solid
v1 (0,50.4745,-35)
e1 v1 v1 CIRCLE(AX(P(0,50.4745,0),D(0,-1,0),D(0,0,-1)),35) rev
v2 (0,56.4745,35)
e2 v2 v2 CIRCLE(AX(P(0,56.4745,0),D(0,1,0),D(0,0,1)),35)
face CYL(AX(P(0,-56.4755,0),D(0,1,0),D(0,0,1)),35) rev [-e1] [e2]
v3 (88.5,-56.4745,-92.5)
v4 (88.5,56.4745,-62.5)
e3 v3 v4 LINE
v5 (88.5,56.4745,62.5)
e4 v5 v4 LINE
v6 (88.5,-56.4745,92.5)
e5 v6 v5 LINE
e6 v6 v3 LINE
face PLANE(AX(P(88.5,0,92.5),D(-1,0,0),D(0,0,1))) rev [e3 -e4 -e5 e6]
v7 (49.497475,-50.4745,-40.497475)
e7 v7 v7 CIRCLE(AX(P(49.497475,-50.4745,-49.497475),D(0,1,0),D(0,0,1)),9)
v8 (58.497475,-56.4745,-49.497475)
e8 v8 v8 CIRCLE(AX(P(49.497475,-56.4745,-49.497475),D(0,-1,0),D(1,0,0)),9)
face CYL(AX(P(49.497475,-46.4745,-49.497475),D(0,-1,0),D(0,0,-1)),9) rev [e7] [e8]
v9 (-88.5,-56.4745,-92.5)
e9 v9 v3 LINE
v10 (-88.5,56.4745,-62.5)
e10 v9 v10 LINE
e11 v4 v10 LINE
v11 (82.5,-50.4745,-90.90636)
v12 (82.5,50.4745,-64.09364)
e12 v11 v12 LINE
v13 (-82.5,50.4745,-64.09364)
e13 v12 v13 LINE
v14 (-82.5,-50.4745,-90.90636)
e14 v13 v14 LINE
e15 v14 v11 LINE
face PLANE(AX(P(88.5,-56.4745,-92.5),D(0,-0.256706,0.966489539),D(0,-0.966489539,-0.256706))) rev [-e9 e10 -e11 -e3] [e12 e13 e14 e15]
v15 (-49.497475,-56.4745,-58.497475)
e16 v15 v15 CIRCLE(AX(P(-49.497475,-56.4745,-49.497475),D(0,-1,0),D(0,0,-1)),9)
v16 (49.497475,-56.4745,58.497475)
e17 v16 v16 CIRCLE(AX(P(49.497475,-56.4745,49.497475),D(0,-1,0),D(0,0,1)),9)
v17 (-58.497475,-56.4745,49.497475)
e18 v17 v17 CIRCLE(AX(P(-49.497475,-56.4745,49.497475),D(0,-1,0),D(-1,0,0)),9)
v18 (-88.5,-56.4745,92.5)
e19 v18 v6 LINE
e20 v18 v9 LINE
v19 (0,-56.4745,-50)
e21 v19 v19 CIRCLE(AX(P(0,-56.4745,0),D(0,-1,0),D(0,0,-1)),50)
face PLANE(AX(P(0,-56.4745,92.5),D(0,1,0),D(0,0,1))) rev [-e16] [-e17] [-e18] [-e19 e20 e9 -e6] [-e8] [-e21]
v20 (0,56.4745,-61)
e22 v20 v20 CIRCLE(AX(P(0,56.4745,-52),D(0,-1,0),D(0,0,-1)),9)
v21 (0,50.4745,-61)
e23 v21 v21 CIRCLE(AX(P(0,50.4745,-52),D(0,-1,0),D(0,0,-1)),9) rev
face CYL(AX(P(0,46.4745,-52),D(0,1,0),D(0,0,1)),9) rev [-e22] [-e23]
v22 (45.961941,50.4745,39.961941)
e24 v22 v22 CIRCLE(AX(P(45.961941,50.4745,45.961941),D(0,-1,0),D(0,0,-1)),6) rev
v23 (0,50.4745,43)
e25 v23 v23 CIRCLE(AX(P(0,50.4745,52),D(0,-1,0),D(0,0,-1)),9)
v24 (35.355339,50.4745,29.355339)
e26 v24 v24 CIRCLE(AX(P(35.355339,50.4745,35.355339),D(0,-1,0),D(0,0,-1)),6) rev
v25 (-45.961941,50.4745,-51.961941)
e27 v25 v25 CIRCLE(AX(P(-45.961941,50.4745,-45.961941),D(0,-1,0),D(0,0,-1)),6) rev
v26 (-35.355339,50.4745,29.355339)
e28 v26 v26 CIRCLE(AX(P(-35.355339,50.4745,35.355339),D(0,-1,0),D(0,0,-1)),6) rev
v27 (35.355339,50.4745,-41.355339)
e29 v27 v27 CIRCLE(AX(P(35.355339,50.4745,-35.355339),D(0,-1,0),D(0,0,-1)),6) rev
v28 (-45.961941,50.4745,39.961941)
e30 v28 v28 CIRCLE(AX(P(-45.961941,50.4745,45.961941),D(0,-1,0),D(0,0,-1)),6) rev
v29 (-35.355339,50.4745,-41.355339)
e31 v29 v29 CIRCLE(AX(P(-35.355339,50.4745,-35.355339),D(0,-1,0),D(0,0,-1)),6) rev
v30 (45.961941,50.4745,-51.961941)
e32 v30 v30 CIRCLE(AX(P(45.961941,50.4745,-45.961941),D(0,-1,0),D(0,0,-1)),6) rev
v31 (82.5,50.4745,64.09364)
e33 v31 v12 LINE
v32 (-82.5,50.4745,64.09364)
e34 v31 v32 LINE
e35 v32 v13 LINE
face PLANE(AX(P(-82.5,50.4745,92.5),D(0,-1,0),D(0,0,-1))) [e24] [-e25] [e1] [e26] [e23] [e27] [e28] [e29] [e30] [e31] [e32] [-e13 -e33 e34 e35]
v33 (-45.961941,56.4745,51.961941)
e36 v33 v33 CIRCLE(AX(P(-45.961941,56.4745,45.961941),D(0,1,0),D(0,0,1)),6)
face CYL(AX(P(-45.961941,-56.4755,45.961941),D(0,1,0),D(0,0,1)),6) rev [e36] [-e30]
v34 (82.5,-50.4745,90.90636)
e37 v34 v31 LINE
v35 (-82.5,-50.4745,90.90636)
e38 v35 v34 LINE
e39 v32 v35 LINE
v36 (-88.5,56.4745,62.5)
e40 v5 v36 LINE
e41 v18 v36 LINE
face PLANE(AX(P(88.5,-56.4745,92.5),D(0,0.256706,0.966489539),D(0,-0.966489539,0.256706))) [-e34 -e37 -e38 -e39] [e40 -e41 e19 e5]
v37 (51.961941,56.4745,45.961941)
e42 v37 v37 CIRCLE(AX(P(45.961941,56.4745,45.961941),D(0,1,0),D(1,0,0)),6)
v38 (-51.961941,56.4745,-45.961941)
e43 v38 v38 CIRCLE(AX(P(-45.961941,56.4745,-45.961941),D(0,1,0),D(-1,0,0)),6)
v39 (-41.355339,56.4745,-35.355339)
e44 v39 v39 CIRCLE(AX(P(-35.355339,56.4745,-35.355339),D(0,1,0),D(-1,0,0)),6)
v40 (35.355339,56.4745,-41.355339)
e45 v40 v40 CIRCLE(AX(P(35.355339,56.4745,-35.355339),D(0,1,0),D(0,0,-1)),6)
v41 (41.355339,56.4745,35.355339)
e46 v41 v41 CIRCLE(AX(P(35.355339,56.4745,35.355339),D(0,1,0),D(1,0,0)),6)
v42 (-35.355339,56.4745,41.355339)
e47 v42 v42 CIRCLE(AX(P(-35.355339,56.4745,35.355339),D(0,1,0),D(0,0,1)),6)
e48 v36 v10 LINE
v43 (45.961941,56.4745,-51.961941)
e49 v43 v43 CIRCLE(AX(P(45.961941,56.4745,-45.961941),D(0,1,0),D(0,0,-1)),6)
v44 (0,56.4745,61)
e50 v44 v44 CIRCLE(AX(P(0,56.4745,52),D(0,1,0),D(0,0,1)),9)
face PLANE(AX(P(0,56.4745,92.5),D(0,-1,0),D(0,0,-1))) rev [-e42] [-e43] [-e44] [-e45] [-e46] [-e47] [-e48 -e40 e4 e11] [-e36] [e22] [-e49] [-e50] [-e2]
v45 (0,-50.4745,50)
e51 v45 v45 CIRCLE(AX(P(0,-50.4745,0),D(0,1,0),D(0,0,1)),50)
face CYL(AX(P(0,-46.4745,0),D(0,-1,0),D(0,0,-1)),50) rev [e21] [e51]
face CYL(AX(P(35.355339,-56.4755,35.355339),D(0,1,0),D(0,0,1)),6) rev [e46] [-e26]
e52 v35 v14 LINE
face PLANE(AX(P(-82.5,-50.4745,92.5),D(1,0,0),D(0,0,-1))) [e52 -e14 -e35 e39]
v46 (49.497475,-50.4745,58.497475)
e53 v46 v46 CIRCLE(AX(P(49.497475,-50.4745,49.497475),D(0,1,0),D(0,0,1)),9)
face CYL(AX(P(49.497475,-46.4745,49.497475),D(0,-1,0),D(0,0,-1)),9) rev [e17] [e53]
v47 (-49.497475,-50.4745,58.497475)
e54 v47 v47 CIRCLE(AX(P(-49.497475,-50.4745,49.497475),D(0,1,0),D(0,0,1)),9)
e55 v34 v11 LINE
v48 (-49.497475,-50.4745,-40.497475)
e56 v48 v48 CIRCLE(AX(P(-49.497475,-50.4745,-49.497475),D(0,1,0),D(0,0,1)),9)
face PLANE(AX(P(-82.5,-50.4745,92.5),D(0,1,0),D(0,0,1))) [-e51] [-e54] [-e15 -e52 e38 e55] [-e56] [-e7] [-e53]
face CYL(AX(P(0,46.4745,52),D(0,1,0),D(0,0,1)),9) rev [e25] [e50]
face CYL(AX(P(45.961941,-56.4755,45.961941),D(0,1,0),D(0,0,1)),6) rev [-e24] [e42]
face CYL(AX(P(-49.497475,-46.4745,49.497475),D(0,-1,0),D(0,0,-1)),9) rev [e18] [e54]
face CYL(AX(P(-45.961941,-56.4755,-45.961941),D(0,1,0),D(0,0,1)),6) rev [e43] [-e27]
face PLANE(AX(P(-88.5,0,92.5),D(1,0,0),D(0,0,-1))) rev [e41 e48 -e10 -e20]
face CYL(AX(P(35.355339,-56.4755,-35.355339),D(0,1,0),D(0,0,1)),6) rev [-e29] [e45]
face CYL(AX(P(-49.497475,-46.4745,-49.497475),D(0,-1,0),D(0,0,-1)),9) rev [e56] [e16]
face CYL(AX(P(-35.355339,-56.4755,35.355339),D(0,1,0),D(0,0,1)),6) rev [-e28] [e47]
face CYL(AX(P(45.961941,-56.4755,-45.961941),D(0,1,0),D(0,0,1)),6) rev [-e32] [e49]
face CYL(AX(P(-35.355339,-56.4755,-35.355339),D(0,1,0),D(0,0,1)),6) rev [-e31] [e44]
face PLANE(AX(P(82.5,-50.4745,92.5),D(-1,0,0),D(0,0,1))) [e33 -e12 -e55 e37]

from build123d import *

# Parameters (mm, degrees)
SKETCH1_W           = 177
SKETCH1_H           = 112.94900091
SKETCH1_W_2         = 165
SKETCH1_H_2         = 100.94900091
EXTRUDE_THIN1_DEPTH = 92.5
CUT_EXTRUDE1_REACH  = 172.722
SKETCH2_R           = 35
SKETCH2_R_2         = 6
SKETCH3_R           = 50
SKETCH3_R_2         = 9
CUT_EXTRUDE2_DEPTH  = 10
CUT_EXTRUDE3_DEPTH  = 208.544258417
CIRPATTERN1_COUNT   = 4
SKETCH5_R           = 9
CUT_EXTRUDE4_DEPTH  = 10


with BuildPart() as part:
    # Sketch1 → Extrude-Thin1 (new, symmetric)
    with BuildSketch(Plane.XY):
        Rectangle(SKETCH1_W, SKETCH1_H)
        Rectangle(SKETCH1_W_2, SKETCH1_H_2, mode=Mode.SUBTRACT)
    extrude(amount=EXTRUDE_THIN1_DEPTH, both=True)

    # Sketch2 → Cut-Extrude1 (cut, up to next)
    with BuildSketch(Plane(origin=(0, 56.474500455, 0), x_dir=(1, 0, 0), z_dir=(0, 1, 0)), mode=Mode.PRIVATE) as cut_extrude1_sk1:
        with Locations(Location((0, 0, 0), (0, 0, 270))):
            Circle(SKETCH2_R)
    cut_extrude1_tool1 = extrude(cut_extrude1_sk1.sketch, amount=-CUT_EXTRUDE1_REACH, mode=Mode.PRIVATE) & part.part
    # Sketch2 → Cut-Extrude1 (cut, up to next)
    with BuildSketch(Plane(origin=(0, 56.474500455, 0), x_dir=(1, 0, 0), z_dir=(0, 1, 0)), mode=Mode.PRIVATE) as cut_extrude1_sk2:
        with Locations(Location((-35.355339059, -35.355339059, 0), (0, 0, 270))):
            Circle(SKETCH2_R_2)
    cut_extrude1_tool2 = extrude(cut_extrude1_sk2.sketch, amount=-CUT_EXTRUDE1_REACH, mode=Mode.PRIVATE) & part.part
    # Sketch2 → Cut-Extrude1 (cut, up to next)
    with BuildSketch(Plane(origin=(0, 56.474500455, 0), x_dir=(1, 0, 0), z_dir=(0, 1, 0)), mode=Mode.PRIVATE) as cut_extrude1_sk3:
        with Locations(Location((-45.961940777, -45.961940777, 0), (0, 0, 270))):
            Circle(SKETCH2_R_2)
    cut_extrude1_tool3 = extrude(cut_extrude1_sk3.sketch, amount=-CUT_EXTRUDE1_REACH, mode=Mode.PRIVATE) & part.part
    cut_extrude1_1 = cut_extrude1_tool1.solids().sort_by_distance((0, 56.4745, 0))[0]
    add(cut_extrude1_1, mode=Mode.SUBTRACT)
    cut_extrude1_2 = cut_extrude1_tool2.solids().sort_by_distance((-35.355339, 56.4745, 35.355339))[0]
    add(cut_extrude1_2, mode=Mode.SUBTRACT)
    cut_extrude1_3 = cut_extrude1_tool3.solids().sort_by_distance((-45.961941, 56.4745, 45.961941))[0]
    add(cut_extrude1_3, mode=Mode.SUBTRACT)
    cut_extrude1 = cut_extrude1_1 + cut_extrude1_2 + cut_extrude1_3  # Cut-Extrude1 as one shape, for the pattern or mirror that repeats it

    # Sketch3 → Cut-Extrude2 (cut)
    with BuildSketch(Plane.XZ.offset(56.474500455)):
        with Locations(Location((0, 0, 0), (0, 0, 270))):
            Circle(SKETCH3_R)
        with Locations(Location((-49.497474683, -49.497474683, 0), (0, 0, 270))):
            Circle(SKETCH3_R_2)
    cut_extrude2 = extrude(amount=-CUT_EXTRUDE2_DEPTH, mode=Mode.SUBTRACT)

    # Sketch4 → Cut-Extrude3 (cut, through all)
    with BuildSketch(Plane.ZY.offset(88.5)):
        Polygon((-92.5, -56.474500455), (-62.5, 56.474500455), (-92.5, 56.474500455), align=None)
    cut_extrude3 = extrude(amount=-CUT_EXTRUDE3_DEPTH, mode=Mode.SUBTRACT)

    # Mirror1: Cut-Extrude3 across plane
    add(cut_extrude3.mirror(Plane.XY), mode=Mode.SUBTRACT)

    # CirPattern1: Cut-Extrude1, Cut-Extrude2 ×4 about axis
    cirpattern1_axis = Axis((0, 0, 0), (0, 1, 0))
    add([cut_extrude1.rotate(cirpattern1_axis, i * 360 / CIRPATTERN1_COUNT) for i in range(1, CIRPATTERN1_COUNT)], mode=Mode.SUBTRACT)
    add([cut_extrude2.rotate(cirpattern1_axis, i * 360 / CIRPATTERN1_COUNT) for i in range(1, CIRPATTERN1_COUNT)], mode=Mode.SUBTRACT)

    # Sketch5 → Cut-Extrude4 (cut)
    with BuildSketch(Plane(origin=(0, 56.474500455, 0), x_dir=(1, 0, 0), z_dir=(0, 1, 0))):
        with Locations(Location((0, -52, 0), (0, 0, 270))):
            Circle(SKETCH5_R)
    cut_extrude4 = extrude(amount=-CUT_EXTRUDE4_DEPTH, mode=Mode.SUBTRACT)

    # Mirror2: Cut-Extrude4 across plane
    add(cut_extrude4.mirror(Plane.XY), mode=Mode.SUBTRACT)


solid = part.part
